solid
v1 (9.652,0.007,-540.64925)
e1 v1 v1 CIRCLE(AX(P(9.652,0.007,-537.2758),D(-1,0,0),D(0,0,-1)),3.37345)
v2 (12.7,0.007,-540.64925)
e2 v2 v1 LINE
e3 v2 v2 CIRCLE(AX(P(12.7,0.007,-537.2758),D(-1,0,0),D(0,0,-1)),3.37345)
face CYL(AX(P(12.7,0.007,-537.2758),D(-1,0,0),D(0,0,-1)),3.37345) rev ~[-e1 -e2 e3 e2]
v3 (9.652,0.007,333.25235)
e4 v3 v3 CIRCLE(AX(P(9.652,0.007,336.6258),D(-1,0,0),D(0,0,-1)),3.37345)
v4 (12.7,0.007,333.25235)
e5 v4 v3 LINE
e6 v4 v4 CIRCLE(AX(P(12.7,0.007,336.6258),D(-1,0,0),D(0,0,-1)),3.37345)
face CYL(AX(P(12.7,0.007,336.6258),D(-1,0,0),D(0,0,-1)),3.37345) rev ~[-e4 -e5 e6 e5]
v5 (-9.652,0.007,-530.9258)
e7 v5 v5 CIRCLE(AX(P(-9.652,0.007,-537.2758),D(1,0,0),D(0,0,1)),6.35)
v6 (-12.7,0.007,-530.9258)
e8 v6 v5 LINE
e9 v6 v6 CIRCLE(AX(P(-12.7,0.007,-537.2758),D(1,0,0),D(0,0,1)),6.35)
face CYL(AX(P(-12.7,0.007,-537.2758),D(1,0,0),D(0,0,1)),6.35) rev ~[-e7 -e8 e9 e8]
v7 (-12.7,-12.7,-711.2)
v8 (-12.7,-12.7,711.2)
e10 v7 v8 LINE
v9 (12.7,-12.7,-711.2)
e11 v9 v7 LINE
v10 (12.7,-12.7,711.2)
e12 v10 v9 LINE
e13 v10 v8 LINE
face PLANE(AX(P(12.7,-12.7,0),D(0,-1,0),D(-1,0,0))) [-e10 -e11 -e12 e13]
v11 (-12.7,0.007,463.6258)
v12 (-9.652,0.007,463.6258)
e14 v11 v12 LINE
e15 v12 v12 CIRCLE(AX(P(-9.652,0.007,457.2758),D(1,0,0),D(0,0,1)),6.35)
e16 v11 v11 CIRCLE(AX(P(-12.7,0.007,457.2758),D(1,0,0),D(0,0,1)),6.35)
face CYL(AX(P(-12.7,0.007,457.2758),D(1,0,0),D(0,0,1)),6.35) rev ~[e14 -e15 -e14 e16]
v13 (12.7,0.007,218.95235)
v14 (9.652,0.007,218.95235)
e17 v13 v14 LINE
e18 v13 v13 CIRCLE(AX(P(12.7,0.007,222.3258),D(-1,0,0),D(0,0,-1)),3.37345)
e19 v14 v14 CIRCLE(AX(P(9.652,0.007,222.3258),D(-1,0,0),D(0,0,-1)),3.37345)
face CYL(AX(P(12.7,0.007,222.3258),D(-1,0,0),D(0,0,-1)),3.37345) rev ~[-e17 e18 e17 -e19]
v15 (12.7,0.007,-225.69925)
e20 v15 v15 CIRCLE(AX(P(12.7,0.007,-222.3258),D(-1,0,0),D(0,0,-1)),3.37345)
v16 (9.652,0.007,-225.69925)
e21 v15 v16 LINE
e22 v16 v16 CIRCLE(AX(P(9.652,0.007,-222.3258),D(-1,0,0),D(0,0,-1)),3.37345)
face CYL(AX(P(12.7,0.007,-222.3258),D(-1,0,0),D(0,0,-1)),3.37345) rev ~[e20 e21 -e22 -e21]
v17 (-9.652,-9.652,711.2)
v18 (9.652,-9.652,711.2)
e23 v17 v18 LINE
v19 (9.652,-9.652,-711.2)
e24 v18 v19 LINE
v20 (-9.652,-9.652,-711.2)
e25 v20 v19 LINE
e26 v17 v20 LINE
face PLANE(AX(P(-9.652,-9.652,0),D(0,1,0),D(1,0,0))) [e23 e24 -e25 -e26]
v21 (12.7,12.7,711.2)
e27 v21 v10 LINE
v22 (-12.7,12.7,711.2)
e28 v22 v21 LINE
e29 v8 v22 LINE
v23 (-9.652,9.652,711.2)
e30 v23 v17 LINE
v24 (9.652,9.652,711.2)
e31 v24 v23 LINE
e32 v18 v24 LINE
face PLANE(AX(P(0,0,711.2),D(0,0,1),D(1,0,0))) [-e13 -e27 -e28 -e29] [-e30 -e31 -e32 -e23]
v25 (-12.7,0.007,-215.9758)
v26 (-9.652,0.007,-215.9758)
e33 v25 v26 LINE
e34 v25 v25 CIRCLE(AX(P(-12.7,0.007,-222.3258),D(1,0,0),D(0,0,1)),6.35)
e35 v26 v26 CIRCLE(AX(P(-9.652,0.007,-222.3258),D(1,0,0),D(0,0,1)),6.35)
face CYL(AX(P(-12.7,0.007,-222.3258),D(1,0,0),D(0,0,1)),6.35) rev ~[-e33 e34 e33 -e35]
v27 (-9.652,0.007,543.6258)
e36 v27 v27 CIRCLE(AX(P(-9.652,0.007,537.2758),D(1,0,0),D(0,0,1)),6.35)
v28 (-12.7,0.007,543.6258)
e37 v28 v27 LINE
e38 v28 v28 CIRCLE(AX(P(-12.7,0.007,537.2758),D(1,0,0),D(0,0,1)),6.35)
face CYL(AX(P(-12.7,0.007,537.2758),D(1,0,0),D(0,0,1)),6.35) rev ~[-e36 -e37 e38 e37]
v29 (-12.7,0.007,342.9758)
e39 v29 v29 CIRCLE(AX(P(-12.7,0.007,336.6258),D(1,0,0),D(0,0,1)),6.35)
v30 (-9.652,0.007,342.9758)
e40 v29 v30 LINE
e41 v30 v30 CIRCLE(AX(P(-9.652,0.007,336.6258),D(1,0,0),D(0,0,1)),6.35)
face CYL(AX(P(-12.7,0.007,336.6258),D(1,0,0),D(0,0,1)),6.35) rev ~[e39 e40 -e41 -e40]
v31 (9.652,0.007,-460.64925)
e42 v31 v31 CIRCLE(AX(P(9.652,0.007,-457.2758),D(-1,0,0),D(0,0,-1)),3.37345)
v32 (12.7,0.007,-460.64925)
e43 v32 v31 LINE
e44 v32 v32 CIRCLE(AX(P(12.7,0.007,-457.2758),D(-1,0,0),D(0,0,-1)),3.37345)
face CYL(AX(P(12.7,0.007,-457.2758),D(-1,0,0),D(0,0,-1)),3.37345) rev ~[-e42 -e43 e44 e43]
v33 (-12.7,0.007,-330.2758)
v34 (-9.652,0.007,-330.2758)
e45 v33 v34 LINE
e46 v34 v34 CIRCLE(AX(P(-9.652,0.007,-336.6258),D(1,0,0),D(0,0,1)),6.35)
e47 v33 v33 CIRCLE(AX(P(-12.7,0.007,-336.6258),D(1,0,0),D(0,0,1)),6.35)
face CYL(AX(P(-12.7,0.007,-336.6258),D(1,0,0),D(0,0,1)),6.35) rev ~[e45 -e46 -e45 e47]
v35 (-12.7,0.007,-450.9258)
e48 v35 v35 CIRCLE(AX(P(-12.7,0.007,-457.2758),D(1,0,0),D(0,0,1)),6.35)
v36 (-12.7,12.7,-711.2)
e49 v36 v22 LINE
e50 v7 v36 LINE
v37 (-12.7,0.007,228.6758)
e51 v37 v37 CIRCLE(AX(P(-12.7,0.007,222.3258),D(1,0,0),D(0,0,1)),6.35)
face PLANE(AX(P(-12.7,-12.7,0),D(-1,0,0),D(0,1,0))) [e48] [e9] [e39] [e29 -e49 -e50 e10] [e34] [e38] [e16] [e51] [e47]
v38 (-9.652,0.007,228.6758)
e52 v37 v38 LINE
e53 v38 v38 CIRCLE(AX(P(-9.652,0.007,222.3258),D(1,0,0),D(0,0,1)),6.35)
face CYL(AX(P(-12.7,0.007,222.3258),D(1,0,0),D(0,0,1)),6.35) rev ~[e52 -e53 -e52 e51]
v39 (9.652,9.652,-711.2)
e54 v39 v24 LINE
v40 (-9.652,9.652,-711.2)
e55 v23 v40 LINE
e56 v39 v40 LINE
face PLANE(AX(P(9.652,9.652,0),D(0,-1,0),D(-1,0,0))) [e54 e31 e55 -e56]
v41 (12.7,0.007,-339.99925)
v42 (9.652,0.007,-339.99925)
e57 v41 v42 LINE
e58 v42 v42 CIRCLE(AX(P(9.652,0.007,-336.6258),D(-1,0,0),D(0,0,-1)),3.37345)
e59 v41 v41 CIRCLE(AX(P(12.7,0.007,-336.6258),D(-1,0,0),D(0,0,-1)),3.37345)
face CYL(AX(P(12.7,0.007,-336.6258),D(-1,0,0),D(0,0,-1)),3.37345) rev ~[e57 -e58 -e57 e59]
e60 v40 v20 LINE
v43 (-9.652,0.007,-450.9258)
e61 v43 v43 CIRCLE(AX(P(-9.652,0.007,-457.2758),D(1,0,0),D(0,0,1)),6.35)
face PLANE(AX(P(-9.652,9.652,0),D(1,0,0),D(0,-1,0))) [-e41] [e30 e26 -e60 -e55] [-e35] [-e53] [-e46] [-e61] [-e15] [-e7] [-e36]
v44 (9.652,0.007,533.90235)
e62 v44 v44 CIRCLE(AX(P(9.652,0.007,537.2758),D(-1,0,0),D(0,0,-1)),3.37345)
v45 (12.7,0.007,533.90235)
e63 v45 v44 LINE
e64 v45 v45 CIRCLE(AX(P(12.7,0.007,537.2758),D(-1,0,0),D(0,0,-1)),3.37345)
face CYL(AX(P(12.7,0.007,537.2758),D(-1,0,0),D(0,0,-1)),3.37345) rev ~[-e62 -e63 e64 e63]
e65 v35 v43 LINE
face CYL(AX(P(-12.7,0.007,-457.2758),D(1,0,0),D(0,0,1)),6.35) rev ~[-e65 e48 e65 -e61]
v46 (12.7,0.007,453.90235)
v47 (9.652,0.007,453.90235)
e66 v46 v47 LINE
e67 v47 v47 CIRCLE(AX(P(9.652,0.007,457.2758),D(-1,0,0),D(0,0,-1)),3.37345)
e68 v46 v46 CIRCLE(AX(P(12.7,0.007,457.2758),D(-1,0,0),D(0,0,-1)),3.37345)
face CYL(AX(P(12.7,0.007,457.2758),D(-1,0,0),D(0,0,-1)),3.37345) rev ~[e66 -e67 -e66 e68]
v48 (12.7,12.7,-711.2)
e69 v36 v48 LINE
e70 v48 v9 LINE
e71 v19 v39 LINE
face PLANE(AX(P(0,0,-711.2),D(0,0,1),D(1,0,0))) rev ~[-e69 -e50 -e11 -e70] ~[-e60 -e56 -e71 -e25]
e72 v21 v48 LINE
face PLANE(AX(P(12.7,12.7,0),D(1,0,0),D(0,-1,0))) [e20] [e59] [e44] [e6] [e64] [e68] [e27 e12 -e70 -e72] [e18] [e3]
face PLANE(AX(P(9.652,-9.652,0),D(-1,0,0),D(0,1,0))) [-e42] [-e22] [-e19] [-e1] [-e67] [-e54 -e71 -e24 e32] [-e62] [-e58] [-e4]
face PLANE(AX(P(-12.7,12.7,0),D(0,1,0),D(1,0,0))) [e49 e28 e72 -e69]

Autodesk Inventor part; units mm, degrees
ref_plane "YZ Plane" through (0, 0, 0) normal (1, 0, 0) x (0, 1, 0)
ref_plane "XZ Plane" through (0, 0, 0) normal (0, 1, 0) x (-1, 0, 0)
ref_plane "XY Plane" through (0, 0, 0) normal (0, 0, 1) x (1, 0, 0)
sketch "Sketch1" plane through (0, 0, 0) normal (0, 0, 1) x (1, 0, 0)
  line L0 (-12.7, 12.7) -> (12.7, 12.7)
  line L1 (12.7, 12.7) -> (12.7, -12.7)
  line L2 (12.7, -12.7) -> (-12.7, -12.7)
  line L3 (-12.7, -12.7) -> (-12.7, 12.7)
  line L4 (9.652, 9.652) -> (-9.652, 9.652)
  line L5 (-9.652, 9.652) -> (-9.652, -9.652)
  line L6 (-9.652, -9.652) -> (9.652, -9.652)
  line L7 (9.652, -9.652) -> (9.652, 9.652)
  point P0 (0, 0)
  point P1 (12.7, 0)
  point P2 (0, 12.7)
  dimension "d0" = 25.4
  dimension "d1" = 25.4
  dimension "d2" = 3.048
extrude "Extrusion1" add sketch "Sketch1" along normal mid plane 1422.4
sketch "Sketch2" plane through (0, 0, 0) normal (0, 0, 1) x (1, 0, 0)
  point P0 (0, 0)
sketch "Sketch3" plane through (12.7, 12.7, 711.2) normal (1, 0, 0) x (0, 0, -1)
  circle A0 centre (1248.4758, -12.693) radius 4.25 projected
  circle A1 centre (1168.4758, -12.693) radius 4.4 projected
  circle A2 centre (253.9242, -12.693) radius 4.4 projected
  circle A3 centre (173.9242, -12.693) radius 4.25 projected
  point P0 (711.2, -12.7)
  point P1 (488.8742, -12.693)
  point P2 (374.5742, -12.693)
  point P3 (933.5258, -12.693)
  point P4 (1047.8258, -12.693)
  dimension "d5" = 114.3
  dimension "d6" = 120.65
  dimension "d7" = 120.65
  dimension "d8" = 114.3
hole "Hole1" at (12.7, 0.007, -537.2758) at (12.7, 0.007, -457.2758) at (12.7, 0.007, -336.6258) at (12.7, 0.007, -222.3258) at (12.7, 0.007, 222.3258) at (12.7, 0.007, 336.6258) at (12.7, 0.007, 457.2758) at (12.7, 0.007, 537.2758) direction (-1, 0, 0) diameter 6.7469 depth 3.175 tip angle 118
sketch "Sketch4" plane through (-12.7, -12.7, -711.2) normal (-1, 0, 0) x (0, 0, 1)
  circle A0 centre (173.9242, 12.707) radius 3.3734 projected
  circle A1 centre (253.9242, 12.707) radius 3.3734 projected
  circle A2 centre (374.5742, 12.707) radius 3.3734 projected
  circle A3 centre (488.8742, 12.707) radius 3.3734 projected
  circle A4 centre (933.5258, 12.707) radius 3.3734 projected
  circle A5 centre (1047.8258, 12.707) radius 3.3734 projected
  circle A6 centre (1168.4758, 12.707) radius 3.3734 projected
  circle A7 centre (1248.4758, 12.707) radius 3.3734 projected
  point P0 (711.2, 12.7)
hole "Hole2" at (-12.7, 0.007, 537.2758) at (-12.7, 0.007, 457.2758) at (-12.7, 0.007, 336.6258) at (-12.7, 0.007, 222.3258) at (-12.7, 0.007, -222.3258) at (-12.7, 0.007, -336.6258) at (-12.7, 0.007, -457.2758) at (-12.7, 0.007, -537.2758) direction (1, 0, 0) diameter 12.7 depth 3.175 tip angle 118
equation "\"d2\" = thick"
equation "\"d3\" = L2"
equation "\"L\" = 1219.2"
equation "\"thick\" = 3.048"
equation "\"L2\" = 1422.4"
properties part number "1inSquareSupportOut"
